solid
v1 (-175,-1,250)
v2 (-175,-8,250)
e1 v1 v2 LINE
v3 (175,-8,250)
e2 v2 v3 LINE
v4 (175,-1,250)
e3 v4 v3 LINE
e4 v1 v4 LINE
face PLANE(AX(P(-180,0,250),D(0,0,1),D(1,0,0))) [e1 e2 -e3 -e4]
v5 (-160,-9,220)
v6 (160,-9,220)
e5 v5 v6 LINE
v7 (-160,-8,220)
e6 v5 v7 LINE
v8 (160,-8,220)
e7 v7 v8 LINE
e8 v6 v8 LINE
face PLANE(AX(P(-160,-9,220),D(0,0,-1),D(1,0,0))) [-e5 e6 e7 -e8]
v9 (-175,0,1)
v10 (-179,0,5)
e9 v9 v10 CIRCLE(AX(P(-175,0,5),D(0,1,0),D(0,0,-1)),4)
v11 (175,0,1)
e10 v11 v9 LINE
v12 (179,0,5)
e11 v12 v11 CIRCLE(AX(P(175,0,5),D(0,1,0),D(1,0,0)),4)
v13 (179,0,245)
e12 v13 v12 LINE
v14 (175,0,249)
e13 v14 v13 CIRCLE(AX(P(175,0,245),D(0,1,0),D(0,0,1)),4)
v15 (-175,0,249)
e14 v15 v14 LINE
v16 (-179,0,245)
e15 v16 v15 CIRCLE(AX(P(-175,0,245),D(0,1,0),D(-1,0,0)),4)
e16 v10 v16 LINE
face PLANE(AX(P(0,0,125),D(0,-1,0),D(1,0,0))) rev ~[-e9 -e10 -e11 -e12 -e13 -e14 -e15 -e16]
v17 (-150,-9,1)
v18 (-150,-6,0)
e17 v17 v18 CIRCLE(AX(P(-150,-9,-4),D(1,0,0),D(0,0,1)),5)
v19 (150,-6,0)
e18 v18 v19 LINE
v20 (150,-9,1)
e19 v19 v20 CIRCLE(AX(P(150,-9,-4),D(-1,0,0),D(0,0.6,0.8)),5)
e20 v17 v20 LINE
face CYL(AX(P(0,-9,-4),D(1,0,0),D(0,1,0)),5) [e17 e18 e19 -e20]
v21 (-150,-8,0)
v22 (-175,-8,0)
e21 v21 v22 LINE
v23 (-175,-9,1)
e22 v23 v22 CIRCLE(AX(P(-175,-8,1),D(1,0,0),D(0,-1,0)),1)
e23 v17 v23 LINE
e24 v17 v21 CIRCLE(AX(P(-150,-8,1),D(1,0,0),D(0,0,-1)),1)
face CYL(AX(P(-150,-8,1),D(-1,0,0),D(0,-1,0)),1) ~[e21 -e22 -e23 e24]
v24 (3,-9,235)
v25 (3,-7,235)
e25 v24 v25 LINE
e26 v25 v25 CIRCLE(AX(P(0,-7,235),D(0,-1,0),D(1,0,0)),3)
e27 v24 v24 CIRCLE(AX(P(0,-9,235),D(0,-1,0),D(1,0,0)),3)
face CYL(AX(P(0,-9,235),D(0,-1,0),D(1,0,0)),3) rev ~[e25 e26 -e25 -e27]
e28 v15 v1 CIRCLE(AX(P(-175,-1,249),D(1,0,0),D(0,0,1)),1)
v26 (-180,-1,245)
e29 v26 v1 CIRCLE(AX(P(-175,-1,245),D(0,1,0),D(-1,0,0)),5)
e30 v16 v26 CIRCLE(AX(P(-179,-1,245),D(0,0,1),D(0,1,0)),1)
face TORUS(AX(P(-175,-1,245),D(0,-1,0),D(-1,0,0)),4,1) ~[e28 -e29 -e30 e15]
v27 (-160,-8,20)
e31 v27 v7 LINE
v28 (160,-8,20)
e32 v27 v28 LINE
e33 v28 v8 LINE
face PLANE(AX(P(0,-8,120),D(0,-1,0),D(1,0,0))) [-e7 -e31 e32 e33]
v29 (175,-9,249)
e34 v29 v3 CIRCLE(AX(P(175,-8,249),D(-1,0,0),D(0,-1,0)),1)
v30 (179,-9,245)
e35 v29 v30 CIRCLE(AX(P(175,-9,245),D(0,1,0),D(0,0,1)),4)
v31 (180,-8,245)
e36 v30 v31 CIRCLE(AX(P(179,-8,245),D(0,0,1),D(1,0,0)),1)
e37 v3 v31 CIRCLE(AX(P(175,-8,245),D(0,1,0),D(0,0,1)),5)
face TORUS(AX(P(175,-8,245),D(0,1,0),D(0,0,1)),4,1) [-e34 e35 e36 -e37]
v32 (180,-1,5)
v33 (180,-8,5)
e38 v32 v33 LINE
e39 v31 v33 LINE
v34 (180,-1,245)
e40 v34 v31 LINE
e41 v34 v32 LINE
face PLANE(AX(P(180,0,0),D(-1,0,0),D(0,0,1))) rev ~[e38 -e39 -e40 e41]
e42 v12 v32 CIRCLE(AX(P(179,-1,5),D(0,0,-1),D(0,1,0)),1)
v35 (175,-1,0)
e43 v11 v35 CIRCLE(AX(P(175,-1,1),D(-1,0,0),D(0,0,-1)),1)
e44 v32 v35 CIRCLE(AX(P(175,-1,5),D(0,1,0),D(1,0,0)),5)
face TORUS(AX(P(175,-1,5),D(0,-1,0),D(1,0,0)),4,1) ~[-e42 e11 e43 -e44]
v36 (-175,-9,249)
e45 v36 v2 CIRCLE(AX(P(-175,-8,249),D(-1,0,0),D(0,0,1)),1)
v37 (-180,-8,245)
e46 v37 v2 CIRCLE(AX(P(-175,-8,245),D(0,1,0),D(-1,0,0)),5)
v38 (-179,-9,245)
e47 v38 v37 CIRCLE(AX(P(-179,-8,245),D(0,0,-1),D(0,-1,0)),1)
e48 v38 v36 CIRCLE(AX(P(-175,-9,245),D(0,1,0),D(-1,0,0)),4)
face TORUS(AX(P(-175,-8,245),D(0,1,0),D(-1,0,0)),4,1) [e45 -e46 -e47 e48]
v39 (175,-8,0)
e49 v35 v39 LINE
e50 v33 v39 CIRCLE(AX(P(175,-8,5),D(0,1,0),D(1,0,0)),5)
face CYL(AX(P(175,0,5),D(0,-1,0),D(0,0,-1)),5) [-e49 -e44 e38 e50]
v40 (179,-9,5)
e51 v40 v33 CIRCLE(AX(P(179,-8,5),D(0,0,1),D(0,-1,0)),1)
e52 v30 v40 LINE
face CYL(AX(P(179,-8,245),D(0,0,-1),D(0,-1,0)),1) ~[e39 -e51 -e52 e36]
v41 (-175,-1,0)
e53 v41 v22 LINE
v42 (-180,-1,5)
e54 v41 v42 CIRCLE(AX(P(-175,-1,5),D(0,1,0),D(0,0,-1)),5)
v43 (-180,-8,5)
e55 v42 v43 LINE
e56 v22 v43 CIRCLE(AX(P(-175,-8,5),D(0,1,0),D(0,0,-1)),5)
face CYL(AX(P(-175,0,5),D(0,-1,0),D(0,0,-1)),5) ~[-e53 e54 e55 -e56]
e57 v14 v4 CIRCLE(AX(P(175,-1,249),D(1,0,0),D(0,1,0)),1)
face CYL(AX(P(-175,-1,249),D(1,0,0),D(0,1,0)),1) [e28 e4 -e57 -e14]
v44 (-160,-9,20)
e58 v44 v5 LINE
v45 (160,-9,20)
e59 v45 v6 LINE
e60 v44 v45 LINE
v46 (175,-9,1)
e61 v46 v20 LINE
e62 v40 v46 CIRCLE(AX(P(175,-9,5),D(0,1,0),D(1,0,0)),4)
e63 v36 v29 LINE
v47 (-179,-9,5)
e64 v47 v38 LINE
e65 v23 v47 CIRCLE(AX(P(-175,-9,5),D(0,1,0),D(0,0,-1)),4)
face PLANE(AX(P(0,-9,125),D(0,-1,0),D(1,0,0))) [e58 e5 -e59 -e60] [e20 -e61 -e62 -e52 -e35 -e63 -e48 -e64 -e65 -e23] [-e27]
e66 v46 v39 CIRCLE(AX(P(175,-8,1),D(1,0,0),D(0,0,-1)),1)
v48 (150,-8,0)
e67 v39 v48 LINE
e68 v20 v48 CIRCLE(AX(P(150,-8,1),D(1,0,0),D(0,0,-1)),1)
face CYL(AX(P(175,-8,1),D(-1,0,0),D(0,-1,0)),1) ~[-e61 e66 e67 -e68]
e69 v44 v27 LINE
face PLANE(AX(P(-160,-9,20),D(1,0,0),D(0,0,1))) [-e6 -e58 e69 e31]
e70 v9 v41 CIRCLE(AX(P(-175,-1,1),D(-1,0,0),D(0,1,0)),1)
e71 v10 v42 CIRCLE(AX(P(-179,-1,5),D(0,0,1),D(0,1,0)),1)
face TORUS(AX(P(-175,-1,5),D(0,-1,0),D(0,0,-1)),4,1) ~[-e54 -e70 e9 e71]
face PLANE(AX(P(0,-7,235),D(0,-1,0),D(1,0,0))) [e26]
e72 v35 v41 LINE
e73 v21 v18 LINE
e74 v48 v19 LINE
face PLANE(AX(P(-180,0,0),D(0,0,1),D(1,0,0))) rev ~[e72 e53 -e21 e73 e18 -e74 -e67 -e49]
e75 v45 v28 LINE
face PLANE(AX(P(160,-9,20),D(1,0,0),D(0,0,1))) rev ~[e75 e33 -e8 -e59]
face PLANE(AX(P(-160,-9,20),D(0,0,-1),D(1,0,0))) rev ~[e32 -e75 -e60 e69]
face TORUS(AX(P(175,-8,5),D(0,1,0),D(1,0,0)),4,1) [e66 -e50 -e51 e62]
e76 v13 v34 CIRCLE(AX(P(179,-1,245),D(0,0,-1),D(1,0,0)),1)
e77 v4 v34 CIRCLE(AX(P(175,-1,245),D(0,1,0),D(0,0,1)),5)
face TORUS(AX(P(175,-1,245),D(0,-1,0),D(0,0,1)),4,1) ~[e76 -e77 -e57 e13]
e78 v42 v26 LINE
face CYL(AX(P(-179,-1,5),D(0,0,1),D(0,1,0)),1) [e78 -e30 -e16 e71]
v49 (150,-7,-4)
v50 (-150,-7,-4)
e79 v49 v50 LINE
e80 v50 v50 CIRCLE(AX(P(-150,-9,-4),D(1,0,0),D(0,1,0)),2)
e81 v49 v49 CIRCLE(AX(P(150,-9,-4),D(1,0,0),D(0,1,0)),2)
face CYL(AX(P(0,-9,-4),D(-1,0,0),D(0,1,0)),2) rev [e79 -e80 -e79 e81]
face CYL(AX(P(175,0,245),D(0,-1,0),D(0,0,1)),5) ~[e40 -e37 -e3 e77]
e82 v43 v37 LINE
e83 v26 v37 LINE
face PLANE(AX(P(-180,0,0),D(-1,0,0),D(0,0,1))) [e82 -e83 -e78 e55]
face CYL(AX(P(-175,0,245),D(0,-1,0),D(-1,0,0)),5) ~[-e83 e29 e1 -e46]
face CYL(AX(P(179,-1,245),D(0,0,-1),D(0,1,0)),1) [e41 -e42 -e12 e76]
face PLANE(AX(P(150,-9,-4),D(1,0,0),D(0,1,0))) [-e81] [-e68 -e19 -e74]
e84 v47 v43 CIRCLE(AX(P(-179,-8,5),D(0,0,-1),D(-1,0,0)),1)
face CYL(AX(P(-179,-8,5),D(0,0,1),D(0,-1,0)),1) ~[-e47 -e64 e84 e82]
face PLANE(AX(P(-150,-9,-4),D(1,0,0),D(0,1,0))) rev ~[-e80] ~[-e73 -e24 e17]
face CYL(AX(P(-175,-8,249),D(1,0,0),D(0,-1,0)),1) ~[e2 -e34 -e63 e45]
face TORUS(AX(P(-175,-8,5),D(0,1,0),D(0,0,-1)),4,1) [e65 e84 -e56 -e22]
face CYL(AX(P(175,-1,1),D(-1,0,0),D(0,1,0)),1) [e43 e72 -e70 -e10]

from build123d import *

# Parameters (mm, degrees)
F0_W     = 360
F0_H     = 250
F1_DEPTH = 9
F2_W     = 320
F2_H     = 200
F3_DEPTH = 1
F4_R     = 3
F5_DEPTH = 2
F6_R     = 5
F6_R_2   = 2
F7_DEPTH = 150
F8_R     = 5
F9_R     = 1


with BuildPart() as f1:
    # F0 (on Front) → F1 (new body)
    with BuildSketch(Plane.XZ):
        with Locations((0, 125)):
            Rectangle(F0_W, F0_H)
    extrude(amount=F1_DEPTH)

    # F2 (on face) → F3 (cut)
    with BuildSketch(Plane.XZ.offset(9)):
        with Locations((0, 120)):
            Rectangle(F2_W, F2_H)
    extrude(amount=-F3_DEPTH, mode=Mode.SUBTRACT)

    # F4 (on face) → F5 (cut)
    with BuildSketch(Plane.XZ.offset(9)):
        with Locations((0, 235)):
            Circle(F4_R)
    extrude(amount=-F5_DEPTH, mode=Mode.SUBTRACT)

    # F6 (on Right) → F7 (join, symmetric)
    with BuildSketch(Plane.YZ):
        with Locations((-9, -4)):
            Circle(F6_R)
        with Locations((-9, -4)):
            Circle(F6_R_2, mode=Mode.SUBTRACT)
    extrude(amount=F7_DEPTH, both=True)

    # F8
    f8_edges = [f1.edges().sort_by_distance(p)[0] for p in [
        (180, -4.5, 0),
        (180, -4.5, 250),
        (-180, -4.5, 250),
        (-180, -4.5, 0),
    ]]
    fillet(f8_edges, radius=F8_R)

    # F9
    f9_edges = [f1.edges().sort_by_distance(p)[0] for p in [
        (-180, -9, 125),
        (-180, 0, 125),
    ]]
    fillet(f9_edges, radius=F9_R)


solid = f1.part
